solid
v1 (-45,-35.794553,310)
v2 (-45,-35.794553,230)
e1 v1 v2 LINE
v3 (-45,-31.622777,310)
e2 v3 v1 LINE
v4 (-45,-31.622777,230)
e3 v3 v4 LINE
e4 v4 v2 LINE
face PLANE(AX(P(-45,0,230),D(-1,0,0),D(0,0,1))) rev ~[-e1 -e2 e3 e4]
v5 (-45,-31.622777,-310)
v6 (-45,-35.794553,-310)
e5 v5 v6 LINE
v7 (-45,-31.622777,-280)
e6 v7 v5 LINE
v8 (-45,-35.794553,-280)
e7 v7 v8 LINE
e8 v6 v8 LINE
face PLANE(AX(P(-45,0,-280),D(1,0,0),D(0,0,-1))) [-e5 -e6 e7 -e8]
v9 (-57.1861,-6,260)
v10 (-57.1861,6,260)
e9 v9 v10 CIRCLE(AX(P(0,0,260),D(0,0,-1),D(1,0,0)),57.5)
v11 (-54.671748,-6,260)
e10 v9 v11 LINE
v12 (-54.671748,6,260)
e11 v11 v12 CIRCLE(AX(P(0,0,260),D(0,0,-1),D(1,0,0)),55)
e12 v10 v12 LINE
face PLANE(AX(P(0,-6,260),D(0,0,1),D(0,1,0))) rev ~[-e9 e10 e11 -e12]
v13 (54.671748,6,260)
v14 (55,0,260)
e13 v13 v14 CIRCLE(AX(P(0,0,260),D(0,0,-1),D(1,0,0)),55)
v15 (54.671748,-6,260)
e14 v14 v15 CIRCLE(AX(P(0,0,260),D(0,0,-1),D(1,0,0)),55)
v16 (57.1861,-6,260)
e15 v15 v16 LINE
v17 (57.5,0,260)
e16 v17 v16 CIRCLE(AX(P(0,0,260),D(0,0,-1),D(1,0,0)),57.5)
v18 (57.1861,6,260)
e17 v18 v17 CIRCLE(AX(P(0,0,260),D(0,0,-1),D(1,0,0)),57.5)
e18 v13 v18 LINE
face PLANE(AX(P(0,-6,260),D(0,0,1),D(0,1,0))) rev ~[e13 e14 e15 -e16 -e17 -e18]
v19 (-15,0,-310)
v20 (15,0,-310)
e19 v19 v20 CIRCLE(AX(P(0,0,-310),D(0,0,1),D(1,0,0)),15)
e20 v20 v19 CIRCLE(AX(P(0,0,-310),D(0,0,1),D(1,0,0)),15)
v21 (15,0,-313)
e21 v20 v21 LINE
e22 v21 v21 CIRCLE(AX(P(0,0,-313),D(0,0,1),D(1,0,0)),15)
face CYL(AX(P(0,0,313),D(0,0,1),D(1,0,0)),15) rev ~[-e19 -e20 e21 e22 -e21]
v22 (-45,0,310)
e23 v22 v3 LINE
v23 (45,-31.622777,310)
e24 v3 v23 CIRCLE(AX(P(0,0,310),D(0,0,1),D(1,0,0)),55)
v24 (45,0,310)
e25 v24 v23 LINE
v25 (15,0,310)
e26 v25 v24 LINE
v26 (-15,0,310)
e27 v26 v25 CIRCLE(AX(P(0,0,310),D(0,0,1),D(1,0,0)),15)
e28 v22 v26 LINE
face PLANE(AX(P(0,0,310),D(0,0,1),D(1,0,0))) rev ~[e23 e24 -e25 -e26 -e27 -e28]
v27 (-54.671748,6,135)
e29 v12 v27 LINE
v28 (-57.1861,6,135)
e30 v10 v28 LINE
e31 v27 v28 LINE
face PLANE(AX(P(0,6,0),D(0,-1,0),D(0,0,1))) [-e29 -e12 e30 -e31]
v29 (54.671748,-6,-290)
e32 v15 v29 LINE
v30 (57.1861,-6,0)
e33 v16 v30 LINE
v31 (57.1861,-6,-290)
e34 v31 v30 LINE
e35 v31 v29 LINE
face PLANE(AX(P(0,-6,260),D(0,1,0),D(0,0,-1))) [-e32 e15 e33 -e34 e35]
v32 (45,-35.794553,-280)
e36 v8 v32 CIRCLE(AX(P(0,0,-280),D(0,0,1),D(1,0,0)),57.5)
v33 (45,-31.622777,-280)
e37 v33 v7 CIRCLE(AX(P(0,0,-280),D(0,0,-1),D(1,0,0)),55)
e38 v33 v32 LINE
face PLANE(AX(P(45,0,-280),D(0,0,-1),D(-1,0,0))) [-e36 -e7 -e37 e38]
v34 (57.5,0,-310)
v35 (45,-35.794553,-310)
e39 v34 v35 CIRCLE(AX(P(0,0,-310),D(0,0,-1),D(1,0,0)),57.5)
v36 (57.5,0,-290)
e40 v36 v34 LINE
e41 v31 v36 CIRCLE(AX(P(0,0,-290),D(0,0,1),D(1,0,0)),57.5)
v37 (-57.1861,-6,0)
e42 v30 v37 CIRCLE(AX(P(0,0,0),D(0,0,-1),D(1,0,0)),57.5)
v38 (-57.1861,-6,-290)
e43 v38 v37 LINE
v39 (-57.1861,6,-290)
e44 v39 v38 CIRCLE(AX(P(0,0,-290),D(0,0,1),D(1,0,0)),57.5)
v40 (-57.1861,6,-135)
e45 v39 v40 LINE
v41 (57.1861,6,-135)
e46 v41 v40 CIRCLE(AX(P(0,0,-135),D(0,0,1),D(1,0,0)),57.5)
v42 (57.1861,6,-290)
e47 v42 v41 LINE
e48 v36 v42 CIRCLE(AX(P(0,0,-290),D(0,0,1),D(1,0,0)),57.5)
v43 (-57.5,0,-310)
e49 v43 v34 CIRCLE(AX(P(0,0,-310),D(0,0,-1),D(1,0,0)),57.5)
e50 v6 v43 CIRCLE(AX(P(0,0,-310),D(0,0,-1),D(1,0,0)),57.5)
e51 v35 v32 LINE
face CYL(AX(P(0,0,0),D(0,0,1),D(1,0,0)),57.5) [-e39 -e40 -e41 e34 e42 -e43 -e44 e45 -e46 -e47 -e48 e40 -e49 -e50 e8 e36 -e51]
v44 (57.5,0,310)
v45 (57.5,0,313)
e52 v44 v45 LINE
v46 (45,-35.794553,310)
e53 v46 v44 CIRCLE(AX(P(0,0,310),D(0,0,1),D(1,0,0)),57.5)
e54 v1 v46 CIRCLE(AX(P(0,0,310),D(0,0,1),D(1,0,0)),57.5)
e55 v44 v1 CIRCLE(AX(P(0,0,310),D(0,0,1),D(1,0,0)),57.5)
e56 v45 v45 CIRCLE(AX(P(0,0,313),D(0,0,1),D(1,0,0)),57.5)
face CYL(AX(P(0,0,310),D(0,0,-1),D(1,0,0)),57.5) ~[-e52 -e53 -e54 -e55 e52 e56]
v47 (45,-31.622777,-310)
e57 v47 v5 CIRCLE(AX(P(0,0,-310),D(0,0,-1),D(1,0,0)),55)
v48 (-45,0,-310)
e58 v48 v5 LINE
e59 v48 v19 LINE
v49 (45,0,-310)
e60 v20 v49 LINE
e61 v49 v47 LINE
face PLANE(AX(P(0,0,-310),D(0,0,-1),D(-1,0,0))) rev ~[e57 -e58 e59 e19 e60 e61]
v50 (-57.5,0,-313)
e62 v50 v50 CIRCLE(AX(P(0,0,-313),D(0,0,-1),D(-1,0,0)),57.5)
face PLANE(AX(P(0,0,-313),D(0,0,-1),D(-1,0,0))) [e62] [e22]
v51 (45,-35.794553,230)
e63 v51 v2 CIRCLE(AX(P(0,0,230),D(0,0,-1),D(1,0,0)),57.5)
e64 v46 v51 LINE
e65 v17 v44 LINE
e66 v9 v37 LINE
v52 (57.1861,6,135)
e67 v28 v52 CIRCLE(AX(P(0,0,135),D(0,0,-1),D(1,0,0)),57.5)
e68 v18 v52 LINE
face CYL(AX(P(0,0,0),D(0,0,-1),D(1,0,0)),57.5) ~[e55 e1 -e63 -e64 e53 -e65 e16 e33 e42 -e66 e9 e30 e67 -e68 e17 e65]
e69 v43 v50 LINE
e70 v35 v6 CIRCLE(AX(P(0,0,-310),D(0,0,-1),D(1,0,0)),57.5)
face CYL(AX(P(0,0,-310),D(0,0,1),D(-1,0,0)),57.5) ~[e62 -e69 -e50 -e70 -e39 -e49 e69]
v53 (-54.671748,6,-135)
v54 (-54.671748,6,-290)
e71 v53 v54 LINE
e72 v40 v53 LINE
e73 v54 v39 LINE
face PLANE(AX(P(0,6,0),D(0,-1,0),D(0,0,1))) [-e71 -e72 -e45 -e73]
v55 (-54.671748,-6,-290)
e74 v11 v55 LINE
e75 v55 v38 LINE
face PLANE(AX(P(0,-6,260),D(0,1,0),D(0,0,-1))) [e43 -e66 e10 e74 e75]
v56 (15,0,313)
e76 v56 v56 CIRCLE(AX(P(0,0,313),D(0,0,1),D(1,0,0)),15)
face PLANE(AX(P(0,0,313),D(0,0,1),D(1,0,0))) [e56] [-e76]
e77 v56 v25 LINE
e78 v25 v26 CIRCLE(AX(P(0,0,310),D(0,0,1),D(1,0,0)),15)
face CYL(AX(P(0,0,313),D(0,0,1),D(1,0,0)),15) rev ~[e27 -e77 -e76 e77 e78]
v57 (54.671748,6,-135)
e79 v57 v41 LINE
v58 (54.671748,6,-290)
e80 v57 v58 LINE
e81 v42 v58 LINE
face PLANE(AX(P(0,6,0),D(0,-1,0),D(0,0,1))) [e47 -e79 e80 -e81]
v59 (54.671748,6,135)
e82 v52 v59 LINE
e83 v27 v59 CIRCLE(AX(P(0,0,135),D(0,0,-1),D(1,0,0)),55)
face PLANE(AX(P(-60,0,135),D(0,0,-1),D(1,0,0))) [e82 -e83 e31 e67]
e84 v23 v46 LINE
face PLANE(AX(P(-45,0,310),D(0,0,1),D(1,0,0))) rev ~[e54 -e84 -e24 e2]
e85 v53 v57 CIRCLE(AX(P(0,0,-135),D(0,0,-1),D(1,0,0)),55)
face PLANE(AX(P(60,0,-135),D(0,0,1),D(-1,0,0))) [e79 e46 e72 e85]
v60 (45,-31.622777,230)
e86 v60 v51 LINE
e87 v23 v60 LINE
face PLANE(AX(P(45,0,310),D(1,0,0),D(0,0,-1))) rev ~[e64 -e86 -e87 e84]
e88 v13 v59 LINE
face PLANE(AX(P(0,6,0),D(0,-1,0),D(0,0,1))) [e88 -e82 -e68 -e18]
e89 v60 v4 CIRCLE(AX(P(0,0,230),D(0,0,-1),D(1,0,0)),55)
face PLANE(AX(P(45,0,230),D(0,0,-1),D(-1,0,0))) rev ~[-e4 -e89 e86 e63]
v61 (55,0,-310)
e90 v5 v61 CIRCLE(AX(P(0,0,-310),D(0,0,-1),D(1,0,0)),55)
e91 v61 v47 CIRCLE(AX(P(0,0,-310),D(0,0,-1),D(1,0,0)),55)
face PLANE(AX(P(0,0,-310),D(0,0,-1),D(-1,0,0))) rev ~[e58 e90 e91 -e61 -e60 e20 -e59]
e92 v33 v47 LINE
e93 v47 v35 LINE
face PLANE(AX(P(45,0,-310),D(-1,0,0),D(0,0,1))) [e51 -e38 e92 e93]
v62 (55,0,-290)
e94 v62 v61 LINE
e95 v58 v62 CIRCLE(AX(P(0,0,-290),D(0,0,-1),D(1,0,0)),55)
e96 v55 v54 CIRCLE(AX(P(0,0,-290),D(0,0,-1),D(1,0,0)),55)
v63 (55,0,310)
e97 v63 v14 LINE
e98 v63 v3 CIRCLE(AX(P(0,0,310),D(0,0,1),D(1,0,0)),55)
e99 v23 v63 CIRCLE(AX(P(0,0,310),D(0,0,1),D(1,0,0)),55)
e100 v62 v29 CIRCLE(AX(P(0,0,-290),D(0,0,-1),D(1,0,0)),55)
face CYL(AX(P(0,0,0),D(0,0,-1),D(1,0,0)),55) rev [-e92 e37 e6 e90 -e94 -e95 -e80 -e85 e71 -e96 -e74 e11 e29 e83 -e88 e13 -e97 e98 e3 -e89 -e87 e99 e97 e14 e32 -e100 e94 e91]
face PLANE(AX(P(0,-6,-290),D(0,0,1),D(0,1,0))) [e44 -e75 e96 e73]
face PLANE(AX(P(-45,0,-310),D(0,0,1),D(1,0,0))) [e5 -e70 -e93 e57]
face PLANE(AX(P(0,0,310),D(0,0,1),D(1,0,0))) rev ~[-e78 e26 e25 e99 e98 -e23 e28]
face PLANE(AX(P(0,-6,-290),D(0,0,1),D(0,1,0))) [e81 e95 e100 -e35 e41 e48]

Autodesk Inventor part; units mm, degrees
ref_plane "YZ Plane" through (0, 0, 0) normal (1, 0, 0) x (0, 1, 0)
ref_plane "XZ Plane" through (0, 0, 0) normal (0, 1, 0) x (-1, 0, 0)
ref_plane "XY Plane" through (0, 0, 0) normal (0, 0, 1) x (1, 0, 0)
sketch "Sketch1" plane through (0, 0, 0) normal (0, 0, 1) x (1, 0, 0)
  circle A0 centre (0, 0) radius 57.5
  line L0 (-57.5, 0) -> (57.5, 0)
  circle A1 centre (0, 0) radius 55
  point P0 (55, 0)
  point P1 (-55, 0)
  dimension "d0" = 115
  dimension "d2" = 110
extrude "Extrusion1" add sketch "Sketch1" along normal mid plane 620 contours L0 A1 A0 | A0 L0 A1
sketch "Sketch3" plane through (0, 0, 310) normal (0, 0, 1) x (1, 0, 0)
  circle A0 centre (0, 0) radius 57.5
  dimension "d5" = 115
extrude "Extrusion2" add sketch "Sketch3" along normal blind 3
sketch "Sketch4" plane through (0, 0, -310) normal (0, 0, -1) x (-1, 0, 0)
  circle A0 centre (0, 0) radius 57.5
  dimension "d8" = 115
extrude "Extrusion3" add sketch "Sketch4" along normal blind 3
sketch "Sketch5" plane through (0, 0, 0) normal (0, 1, 0) x (-1, 0, 0)
  line L0 (0, 0) -> (0, 270) construction
  line L1 (45, 310) -> (-45, 310)
  line L2 (-45, 310) -> (-45, 230)
  line L3 (-45, 230) -> (45, 230)
  line L4 (45, 230) -> (45, 310)
  line L5 (45, 310) -> (-45, 230) construction
  line L6 (-45, 310) -> (45, 230) construction
  line L7 (0, 0) -> (20, 0) construction
  line L8 (0, 0) -> (0, -295)
  line L9 (-45, -280) -> (45, -280)
  line L10 (45, -280) -> (45, -310)
  line L11 (45, -310) -> (-45, -310)
  line L12 (-45, -310) -> (-45, -280)
  line L13 (-45, -280) -> (45, -310) construction
  line L14 (45, -280) -> (-45, -310) construction
  dimension "d11" = 270
  dimension "d12" = 90
  dimension "d13" = 80
  dimension "d14" = 20
  dimension "d37" = 295
  dimension "d38" = 90
  dimension "d39" = 30
extrude "Extrusion4" cut sketch "Sketch5" against normal blind 80
sketch "Sketch6" plane through (0, 0, 0) normal (0, 1, 0) x (-1, 0, 0)
  line L0 (60, 135) -> (-60, 135)
  line L1 (-60, 135) -> (-60, -135)
  line L2 (-60, -135) -> (60, -135)
  line L3 (60, -135) -> (60, 135)
  line L4 (60, 135) -> (-60, -135) construction
  line L5 (-60, 135) -> (60, -135) construction
  point P0 (0, 0)
  dimension "d17" = 120
  dimension "d18" = 270
extrude "Extrusion5" cut sketch "Sketch6" along normal blind 100
sketch "Sketch7" plane through (0, 0, 0) normal (1, 0, 0) x (0, 1, 0)
  line L0 (6, 280) -> (-6, 280)
  line L1 (-6, 280) -> (-6, -280)
  line L2 (-6, -280) -> (6, -280)
  line L3 (6, -280) -> (6, 280)
  line L4 (6, 280) -> (-6, -280) construction
  line L5 (-6, 280) -> (6, -280) construction
  line L6 (-6, 0) -> (6, 0)
  line L7 (6, 0) -> (-6, 0)
  line L8 (-6, 0) -> (-6, -290)
  line L9 (-6, -290) -> (6, -290)
  line L10 (6, -290) -> (6, 0)
  line L11 (6, 0) -> (-6, 0)
  line L12 (-6, 0) -> (-6, 260)
  line L13 (-6, 260) -> (6, 260)
  line L14 (6, 260) -> (6, 0)
  point P0 (0, 0)
  point P1 (6, 260)
  point P2 (-6, 260)
  dimension "d21" = 12
  dimension "d22" = 560
  dimension "d34" = 290
  dimension "d35" = 12
  dimension "d36" = 260
extrude "Extrusion6" cut sketch "Sketch7" along normal mid plane 200 contours L3 L6 L1 L13 | L3 L2 L1 L6 | L10 L9 L8 L2
sketch "Sketch8" plane through (0, 0, 313) normal (0, 0, 1) x (1, 0, 0)
  circle A0 centre (0, 0) radius 15
  dimension "d25" = 30
extrude "Extrusion7" cut sketch "Sketch8" against normal blind 1000
properties part number "GUIA_DE_OBJETO"
